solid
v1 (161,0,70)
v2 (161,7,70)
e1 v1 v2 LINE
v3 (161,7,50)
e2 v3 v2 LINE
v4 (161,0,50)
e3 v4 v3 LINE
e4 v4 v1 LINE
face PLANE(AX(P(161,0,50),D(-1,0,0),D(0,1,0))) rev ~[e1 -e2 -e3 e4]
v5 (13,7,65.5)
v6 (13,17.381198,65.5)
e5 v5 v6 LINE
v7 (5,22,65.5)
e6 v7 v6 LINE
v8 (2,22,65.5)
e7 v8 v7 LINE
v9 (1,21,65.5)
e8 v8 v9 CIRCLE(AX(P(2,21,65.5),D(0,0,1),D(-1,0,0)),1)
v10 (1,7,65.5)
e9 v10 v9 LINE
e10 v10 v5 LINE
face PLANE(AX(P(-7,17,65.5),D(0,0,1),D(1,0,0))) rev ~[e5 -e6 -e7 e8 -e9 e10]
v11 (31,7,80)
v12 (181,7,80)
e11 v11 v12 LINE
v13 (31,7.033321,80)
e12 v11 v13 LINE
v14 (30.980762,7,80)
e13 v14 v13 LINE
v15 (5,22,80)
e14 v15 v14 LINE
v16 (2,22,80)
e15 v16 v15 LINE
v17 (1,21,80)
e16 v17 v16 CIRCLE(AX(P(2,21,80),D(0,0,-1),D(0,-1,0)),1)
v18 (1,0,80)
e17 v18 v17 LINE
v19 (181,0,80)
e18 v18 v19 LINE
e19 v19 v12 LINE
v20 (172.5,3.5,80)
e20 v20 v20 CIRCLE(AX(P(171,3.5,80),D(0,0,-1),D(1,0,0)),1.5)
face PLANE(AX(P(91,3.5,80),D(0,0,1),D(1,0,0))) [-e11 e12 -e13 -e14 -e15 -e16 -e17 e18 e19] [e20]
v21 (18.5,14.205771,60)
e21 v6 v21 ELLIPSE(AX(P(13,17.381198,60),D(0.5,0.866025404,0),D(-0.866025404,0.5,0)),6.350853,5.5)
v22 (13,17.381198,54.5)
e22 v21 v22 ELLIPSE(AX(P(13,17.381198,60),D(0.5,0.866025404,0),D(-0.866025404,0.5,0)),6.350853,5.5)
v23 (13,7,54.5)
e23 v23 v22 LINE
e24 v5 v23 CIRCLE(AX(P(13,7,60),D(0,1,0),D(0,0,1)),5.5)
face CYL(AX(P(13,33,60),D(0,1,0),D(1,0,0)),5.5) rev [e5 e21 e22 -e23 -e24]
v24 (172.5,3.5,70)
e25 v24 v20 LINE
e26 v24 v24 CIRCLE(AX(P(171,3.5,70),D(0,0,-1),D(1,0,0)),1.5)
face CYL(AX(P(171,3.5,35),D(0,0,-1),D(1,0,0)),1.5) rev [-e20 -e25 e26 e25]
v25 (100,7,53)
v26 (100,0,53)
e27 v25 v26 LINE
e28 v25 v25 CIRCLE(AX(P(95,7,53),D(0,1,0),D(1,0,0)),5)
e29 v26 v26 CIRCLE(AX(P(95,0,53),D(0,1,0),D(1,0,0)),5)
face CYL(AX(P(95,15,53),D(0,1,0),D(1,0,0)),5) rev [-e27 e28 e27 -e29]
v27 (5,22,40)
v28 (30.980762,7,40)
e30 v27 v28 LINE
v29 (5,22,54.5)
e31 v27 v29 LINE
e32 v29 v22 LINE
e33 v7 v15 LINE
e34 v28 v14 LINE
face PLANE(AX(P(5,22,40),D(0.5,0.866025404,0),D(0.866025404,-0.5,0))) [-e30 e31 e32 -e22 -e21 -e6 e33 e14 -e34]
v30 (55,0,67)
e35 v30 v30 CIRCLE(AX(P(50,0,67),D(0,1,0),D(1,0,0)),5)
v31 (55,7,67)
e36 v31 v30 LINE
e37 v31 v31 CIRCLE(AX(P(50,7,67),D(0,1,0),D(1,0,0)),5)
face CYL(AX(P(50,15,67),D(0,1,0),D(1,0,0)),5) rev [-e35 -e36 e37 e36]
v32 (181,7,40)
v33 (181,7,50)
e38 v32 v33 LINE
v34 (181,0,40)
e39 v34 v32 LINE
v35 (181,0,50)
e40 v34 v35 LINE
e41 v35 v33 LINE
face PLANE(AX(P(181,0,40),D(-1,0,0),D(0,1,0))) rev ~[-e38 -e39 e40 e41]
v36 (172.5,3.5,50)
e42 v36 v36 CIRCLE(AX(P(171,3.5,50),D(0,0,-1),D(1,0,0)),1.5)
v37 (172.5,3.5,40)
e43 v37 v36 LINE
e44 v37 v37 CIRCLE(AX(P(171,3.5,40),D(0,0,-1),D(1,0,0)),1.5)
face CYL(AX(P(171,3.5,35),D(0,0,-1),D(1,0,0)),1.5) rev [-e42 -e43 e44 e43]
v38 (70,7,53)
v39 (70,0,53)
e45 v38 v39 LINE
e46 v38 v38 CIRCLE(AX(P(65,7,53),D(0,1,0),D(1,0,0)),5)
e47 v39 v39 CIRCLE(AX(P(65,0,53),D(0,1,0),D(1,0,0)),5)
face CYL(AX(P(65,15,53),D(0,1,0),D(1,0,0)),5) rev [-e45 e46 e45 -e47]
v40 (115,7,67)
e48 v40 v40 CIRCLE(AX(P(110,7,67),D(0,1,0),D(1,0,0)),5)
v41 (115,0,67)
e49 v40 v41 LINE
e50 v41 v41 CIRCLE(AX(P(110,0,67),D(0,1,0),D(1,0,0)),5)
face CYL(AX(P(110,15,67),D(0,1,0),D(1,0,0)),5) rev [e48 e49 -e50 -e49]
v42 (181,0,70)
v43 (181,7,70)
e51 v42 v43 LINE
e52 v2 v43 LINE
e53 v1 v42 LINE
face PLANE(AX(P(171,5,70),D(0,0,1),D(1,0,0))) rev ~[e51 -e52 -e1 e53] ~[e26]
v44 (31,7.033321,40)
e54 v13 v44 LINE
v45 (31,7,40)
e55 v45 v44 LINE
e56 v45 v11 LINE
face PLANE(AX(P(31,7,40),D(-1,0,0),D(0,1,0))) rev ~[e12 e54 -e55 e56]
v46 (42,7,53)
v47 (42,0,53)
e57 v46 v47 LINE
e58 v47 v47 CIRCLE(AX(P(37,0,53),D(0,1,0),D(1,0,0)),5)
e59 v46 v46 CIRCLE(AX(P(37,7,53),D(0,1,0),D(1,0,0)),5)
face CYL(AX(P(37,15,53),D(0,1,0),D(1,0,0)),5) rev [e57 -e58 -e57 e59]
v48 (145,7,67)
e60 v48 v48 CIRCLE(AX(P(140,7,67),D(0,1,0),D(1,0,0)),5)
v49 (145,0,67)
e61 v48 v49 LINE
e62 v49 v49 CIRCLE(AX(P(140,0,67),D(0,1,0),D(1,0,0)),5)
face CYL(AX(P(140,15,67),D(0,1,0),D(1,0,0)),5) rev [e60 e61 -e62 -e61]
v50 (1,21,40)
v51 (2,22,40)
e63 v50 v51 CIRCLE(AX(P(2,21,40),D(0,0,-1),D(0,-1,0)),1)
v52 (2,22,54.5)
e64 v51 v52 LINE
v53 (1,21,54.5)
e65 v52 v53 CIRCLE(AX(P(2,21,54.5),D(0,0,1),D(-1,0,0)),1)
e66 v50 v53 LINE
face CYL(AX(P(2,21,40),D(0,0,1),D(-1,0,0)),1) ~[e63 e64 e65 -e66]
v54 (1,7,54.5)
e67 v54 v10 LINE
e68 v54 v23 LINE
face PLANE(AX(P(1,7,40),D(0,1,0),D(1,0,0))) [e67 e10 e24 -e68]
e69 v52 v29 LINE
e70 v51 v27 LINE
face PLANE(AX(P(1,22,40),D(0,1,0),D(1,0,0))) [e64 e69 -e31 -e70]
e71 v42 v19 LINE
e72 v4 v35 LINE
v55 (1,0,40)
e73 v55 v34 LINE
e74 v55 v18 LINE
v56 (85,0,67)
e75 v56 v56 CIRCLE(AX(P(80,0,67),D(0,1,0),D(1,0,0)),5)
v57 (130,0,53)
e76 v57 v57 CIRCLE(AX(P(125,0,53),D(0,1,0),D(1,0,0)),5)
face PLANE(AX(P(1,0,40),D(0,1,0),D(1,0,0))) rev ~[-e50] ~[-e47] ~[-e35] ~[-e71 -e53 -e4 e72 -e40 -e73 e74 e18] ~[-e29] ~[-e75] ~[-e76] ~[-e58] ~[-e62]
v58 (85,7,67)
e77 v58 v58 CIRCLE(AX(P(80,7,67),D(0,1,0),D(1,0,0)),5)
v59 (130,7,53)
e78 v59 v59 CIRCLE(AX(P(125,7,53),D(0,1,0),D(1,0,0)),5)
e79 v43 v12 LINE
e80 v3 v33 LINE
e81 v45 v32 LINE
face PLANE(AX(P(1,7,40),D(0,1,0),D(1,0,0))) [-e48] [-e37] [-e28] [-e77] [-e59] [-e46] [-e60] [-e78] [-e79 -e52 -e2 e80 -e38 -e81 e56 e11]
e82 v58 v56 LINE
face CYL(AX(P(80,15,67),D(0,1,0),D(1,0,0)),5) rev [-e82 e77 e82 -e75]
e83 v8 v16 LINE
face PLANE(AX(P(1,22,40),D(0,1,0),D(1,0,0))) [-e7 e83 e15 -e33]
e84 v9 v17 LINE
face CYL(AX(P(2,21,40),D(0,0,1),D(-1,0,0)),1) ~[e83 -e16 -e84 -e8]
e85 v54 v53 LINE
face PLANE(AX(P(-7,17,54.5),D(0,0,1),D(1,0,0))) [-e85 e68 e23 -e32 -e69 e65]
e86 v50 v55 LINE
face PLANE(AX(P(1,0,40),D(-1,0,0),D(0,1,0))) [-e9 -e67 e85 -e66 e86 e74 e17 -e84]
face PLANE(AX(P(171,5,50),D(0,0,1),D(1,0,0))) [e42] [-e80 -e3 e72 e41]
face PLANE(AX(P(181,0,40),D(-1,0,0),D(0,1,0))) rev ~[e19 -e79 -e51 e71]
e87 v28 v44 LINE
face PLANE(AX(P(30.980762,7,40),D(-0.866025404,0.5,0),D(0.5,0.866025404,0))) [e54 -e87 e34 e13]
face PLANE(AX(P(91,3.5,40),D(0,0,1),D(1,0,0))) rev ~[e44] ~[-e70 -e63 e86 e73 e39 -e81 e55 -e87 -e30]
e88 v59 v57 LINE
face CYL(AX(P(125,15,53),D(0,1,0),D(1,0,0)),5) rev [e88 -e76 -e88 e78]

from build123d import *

# Parameters (mm, degrees)
CYLINDER009_R          = 5
CYLINDER009_DEPTH      = 20
CYLINDER009_ROLL_ANGLE = 90
CYLINDER008_R          = 5
CYLINDER008_DEPTH      = 20
CYLINDER008_ROLL_ANGLE = 90
CYLINDER007_R          = 5
CYLINDER007_DEPTH      = 20
CYLINDER007_ROLL_ANGLE = 90
CYLINDER006_R          = 5
CYLINDER006_DEPTH      = 20
CYLINDER006_ROLL_ANGLE = 90
CYLINDER005_R          = 5
CYLINDER005_DEPTH      = 20
CYLINDER005_ROLL_ANGLE = 90
CYLINDER004_R          = 5
CYLINDER004_DEPTH      = 20
CYLINDER004_ROLL_ANGLE = 90
CYLINDER002_R          = 5
CYLINDER002_DEPTH      = 20
CYLINDER002_ROLL_ANGLE = 90
CYLINDER003_R          = 5
CYLINDER003_DEPTH      = 20
CYLINDER003_ROLL_ANGLE = 90
CYLINDER_R             = 1.5
CYLINDER_DEPTH         = 50
BOX003_W               = 20
BOX003_H               = 10
BOX003_DEPTH           = 20
BOX_W                  = 180
BOX_H                  = 7
BOX_DEPTH              = 40
BOX004_W               = 40
BOX004_H               = 20
BOX004_DEPTH           = 11
CYLINDER001_R          = 5.5
CYLINDER001_DEPTH      = 28
CYLINDER001_ROLL_ANGLE = 90
BOX002_W               = 30
BOX002_H               = 15
BOX002_DEPTH           = 40
BOX002_PLACEMENT_ANGLE = 30
BOX001_W               = 30
BOX001_H               = 15
BOX001_DEPTH           = 40
FILLET_R               = 1


with BuildPart() as cilindro008:
    # Cylinder009 → Cylinder009 (new body)
    with BuildSketch(Plane.XY):
        Circle(CYLINDER009_R)
    extrude(amount=CYLINDER009_DEPTH)


with BuildPart() as cilindro008_1:
    # Cylinder009 roll: moved
    add(cilindro008.part.rotate(Axis((0, 0, 0), (1, 0, 0)), CYLINDER009_ROLL_ANGLE))


with BuildPart() as cilindro008_2:
    # Cylinder009 placement: moved
    add(cilindro008_1.part.moved(Location((37, 15, 53))))


with BuildPart() as cilindro007:
    # Cylinder008 → Cylinder008 (new body)
    with BuildSketch(Plane.XY):
        Circle(CYLINDER008_R)
    extrude(amount=CYLINDER008_DEPTH)


with BuildPart() as cilindro007_1:
    # Cylinder008 roll: moved
    add(cilindro007.part.rotate(Axis((0, 0, 0), (1, 0, 0)), CYLINDER008_ROLL_ANGLE))


with BuildPart() as cilindro007_2:
    # Cylinder008 placement: moved
    add(cilindro007_1.part.moved(Location((50, 15, 67))))


with BuildPart() as cilindro006:
    # Cylinder007 → Cylinder007 (new body)
    with BuildSketch(Plane.XY):
        Circle(CYLINDER007_R)
    extrude(amount=CYLINDER007_DEPTH)


with BuildPart() as cilindro006_1:
    # Cylinder007 roll: moved
    add(cilindro006.part.rotate(Axis((0, 0, 0), (1, 0, 0)), CYLINDER007_ROLL_ANGLE))


with BuildPart() as cilindro006_2:
    # Cylinder007 placement: moved
    add(cilindro006_1.part.moved(Location((65, 15, 53))))


with BuildPart() as cilindro005:
    # Cylinder006 → Cylinder006 (new body)
    with BuildSketch(Plane.XY):
        Circle(CYLINDER006_R)
    extrude(amount=CYLINDER006_DEPTH)


with BuildPart() as cilindro005_1:
    # Cylinder006 roll: moved
    add(cilindro005.part.rotate(Axis((0, 0, 0), (1, 0, 0)), CYLINDER006_ROLL_ANGLE))


with BuildPart() as cilindro005_2:
    # Cylinder006 placement: moved
    add(cilindro005_1.part.moved(Location((80, 15, 67))))


with BuildPart() as cilindro004:
    # Cylinder005 → Cylinder005 (new body)
    with BuildSketch(Plane.XY):
        Circle(CYLINDER005_R)
    extrude(amount=CYLINDER005_DEPTH)


with BuildPart() as cilindro004_1:
    # Cylinder005 roll: moved
    add(cilindro004.part.rotate(Axis((0, 0, 0), (1, 0, 0)), CYLINDER005_ROLL_ANGLE))


with BuildPart() as cilindro004_2:
    # Cylinder005 placement: moved
    add(cilindro004_1.part.moved(Location((95, 15, 53))))


with BuildPart() as cilindro003:
    # Cylinder004 → Cylinder004 (new body)
    with BuildSketch(Plane.XY):
        Circle(CYLINDER004_R)
    extrude(amount=CYLINDER004_DEPTH)


with BuildPart() as cilindro003_1:
    # Cylinder004 roll: moved
    add(cilindro003.part.rotate(Axis((0, 0, 0), (1, 0, 0)), CYLINDER004_ROLL_ANGLE))


with BuildPart() as cilindro003_2:
    # Cylinder004 placement: moved
    add(cilindro003_1.part.moved(Location((110, 15, 67))))


with BuildPart() as cilindro001:
    # Cylinder002 → Cylinder002 (new body)
    with BuildSketch(Plane.XY):
        Circle(CYLINDER002_R)
    extrude(amount=CYLINDER002_DEPTH)


with BuildPart() as cilindro001_1:
    # Cylinder002 roll: moved
    add(cilindro001.part.rotate(Axis((0, 0, 0), (1, 0, 0)), CYLINDER002_ROLL_ANGLE))


with BuildPart() as cilindro001_2:
    # Cylinder002 placement: moved
    add(cilindro001_1.part.moved(Location((125, 15, 53))))


with BuildPart() as cilindro002:
    # Cylinder003 → Cylinder003 (new body)
    with BuildSketch(Plane.XY):
        Circle(CYLINDER003_R)
    extrude(amount=CYLINDER003_DEPTH)


with BuildPart() as cilindro002_1:
    # Cylinder003 roll: moved
    add(cilindro002.part.rotate(Axis((0, 0, 0), (1, 0, 0)), CYLINDER003_ROLL_ANGLE))


with BuildPart() as cilindro002_2:
    # Cylinder003 placement: moved
    add(cilindro002_1.part.moved(Location((140, 15, 67))))


with BuildPart() as agujero_tornillo:
    # Cylinder → Cylinder (new body)
    with BuildSketch(Plane(origin=(170, 3.5, 35), x_dir=(1, 0, 0), z_dir=(0, 0, 1))):
        Circle(CYLINDER_R)
    extrude(amount=CYLINDER_DEPTH)


with BuildPart() as cubo:
    # Box003 → Box003 (new body)
    with BuildSketch(Plane(origin=(160, 0, 50), x_dir=(1, 0, 0), z_dir=(0, 0, 1))):
        with Locations((10, 5)):
            Rectangle(BOX003_W, BOX003_H)
    extrude(amount=BOX003_DEPTH)


with BuildPart() as cut012:
    # Box → Box (new body)
    with BuildSketch(Plane.XY.offset(40)):
        with Locations((90, 3.5)):
            Rectangle(BOX_W, BOX_H)
    extrude(amount=BOX_DEPTH)

    # Cut001: cut Cubo
    add(cubo.part, mode=Mode.SUBTRACT)

    # Cut002: cut Agujero tornillo
    add(agujero_tornillo.part, mode=Mode.SUBTRACT)


with BuildPart() as cut012_1:
    # Cut002 placement: moved
    add(cut012.part.moved(Location((1, 0, 0))))

    # Cut005: cut Cilindro002
    add(cilindro002_2.part, mode=Mode.SUBTRACT)

    # Cut006: cut Cilindro001
    add(cilindro001_2.part, mode=Mode.SUBTRACT)

    # Cut007: cut Cilindro003
    add(cilindro003_2.part, mode=Mode.SUBTRACT)

    # Cut008: cut Cilindro004
    add(cilindro004_2.part, mode=Mode.SUBTRACT)

    # Cut009: cut Cilindro005
    add(cilindro005_2.part, mode=Mode.SUBTRACT)

    # Cut010: cut Cilindro006
    add(cilindro006_2.part, mode=Mode.SUBTRACT)

    # Cut011: cut Cilindro007
    add(cilindro007_2.part, mode=Mode.SUBTRACT)

    # Cut012: cut Cilindro008
    add(cilindro008_2.part, mode=Mode.SUBTRACT)


with BuildPart() as cubo001:
    # Box004 → Box004 (new body)
    with BuildSketch(Plane(origin=(-28, 7, 54.5), x_dir=(1, 0, 0), z_dir=(0, 0, 1))):
        with Locations((20, 10)):
            Rectangle(BOX004_W, BOX004_H)
    extrude(amount=BOX004_DEPTH)


with BuildPart() as cilindro:
    # Cylinder001 → Cylinder001 (new body)
    with BuildSketch(Plane.XY):
        Circle(CYLINDER001_R)
    extrude(amount=CYLINDER001_DEPTH)


with BuildPart() as cilindro_1:
    # Cylinder001 roll: moved
    add(cilindro.part.rotate(Axis((0, 0, 0), (1, 0, 0)), CYLINDER001_ROLL_ANGLE))


with BuildPart() as cilindro_2:
    # Cylinder001 placement: moved
    add(cilindro_1.part.moved(Location((12, 33, 60))))


with BuildPart() as cu_a001:
    # Box002 → Box002 (new body)
    with BuildSketch(Plane.XY):
        with Locations((15, 7.5)):
            Rectangle(BOX002_W, BOX002_H)
    extrude(amount=BOX002_DEPTH)


with BuildPart() as cu_a001_1:
    # Box002 placement: moved
    add(cu_a001.part.moved(Location((4, 22, 40))).rotate(Axis((4, 22, 40), (0, 0, -1)), BOX002_PLACEMENT_ANGLE))


with BuildPart() as fusion:
    # Box001 → Box001 (new body)
    with BuildSketch(Plane(origin=(0, 7, 40), x_dir=(1, 0, 0), z_dir=(0, 0, 1))):
        with Locations((15, 7.5)):
            Rectangle(BOX001_W, BOX001_H)
    extrude(amount=BOX001_DEPTH)

    # Cut: cut cuña001
    add(cu_a001_1.part, mode=Mode.SUBTRACT)

    # Fillet
    fillet_edges = [fusion.edges().sort_by_distance(p)[0] for p in [
        (0, 22, 60),
    ]]
    fillet(fillet_edges, radius=FILLET_R)

    # Cut003: cut Cilindro
    add(cilindro_2.part, mode=Mode.SUBTRACT)

    # Cut004: cut Cubo001
    add(cubo001.part, mode=Mode.SUBTRACT)


with BuildPart() as fusion_1:
    # Cut004 placement: moved
    add(fusion.part.moved(Location((1, 0, 0))))

    # Fusion: union Cut012
    add(cut012_1.part)


solid = fusion_1.part
